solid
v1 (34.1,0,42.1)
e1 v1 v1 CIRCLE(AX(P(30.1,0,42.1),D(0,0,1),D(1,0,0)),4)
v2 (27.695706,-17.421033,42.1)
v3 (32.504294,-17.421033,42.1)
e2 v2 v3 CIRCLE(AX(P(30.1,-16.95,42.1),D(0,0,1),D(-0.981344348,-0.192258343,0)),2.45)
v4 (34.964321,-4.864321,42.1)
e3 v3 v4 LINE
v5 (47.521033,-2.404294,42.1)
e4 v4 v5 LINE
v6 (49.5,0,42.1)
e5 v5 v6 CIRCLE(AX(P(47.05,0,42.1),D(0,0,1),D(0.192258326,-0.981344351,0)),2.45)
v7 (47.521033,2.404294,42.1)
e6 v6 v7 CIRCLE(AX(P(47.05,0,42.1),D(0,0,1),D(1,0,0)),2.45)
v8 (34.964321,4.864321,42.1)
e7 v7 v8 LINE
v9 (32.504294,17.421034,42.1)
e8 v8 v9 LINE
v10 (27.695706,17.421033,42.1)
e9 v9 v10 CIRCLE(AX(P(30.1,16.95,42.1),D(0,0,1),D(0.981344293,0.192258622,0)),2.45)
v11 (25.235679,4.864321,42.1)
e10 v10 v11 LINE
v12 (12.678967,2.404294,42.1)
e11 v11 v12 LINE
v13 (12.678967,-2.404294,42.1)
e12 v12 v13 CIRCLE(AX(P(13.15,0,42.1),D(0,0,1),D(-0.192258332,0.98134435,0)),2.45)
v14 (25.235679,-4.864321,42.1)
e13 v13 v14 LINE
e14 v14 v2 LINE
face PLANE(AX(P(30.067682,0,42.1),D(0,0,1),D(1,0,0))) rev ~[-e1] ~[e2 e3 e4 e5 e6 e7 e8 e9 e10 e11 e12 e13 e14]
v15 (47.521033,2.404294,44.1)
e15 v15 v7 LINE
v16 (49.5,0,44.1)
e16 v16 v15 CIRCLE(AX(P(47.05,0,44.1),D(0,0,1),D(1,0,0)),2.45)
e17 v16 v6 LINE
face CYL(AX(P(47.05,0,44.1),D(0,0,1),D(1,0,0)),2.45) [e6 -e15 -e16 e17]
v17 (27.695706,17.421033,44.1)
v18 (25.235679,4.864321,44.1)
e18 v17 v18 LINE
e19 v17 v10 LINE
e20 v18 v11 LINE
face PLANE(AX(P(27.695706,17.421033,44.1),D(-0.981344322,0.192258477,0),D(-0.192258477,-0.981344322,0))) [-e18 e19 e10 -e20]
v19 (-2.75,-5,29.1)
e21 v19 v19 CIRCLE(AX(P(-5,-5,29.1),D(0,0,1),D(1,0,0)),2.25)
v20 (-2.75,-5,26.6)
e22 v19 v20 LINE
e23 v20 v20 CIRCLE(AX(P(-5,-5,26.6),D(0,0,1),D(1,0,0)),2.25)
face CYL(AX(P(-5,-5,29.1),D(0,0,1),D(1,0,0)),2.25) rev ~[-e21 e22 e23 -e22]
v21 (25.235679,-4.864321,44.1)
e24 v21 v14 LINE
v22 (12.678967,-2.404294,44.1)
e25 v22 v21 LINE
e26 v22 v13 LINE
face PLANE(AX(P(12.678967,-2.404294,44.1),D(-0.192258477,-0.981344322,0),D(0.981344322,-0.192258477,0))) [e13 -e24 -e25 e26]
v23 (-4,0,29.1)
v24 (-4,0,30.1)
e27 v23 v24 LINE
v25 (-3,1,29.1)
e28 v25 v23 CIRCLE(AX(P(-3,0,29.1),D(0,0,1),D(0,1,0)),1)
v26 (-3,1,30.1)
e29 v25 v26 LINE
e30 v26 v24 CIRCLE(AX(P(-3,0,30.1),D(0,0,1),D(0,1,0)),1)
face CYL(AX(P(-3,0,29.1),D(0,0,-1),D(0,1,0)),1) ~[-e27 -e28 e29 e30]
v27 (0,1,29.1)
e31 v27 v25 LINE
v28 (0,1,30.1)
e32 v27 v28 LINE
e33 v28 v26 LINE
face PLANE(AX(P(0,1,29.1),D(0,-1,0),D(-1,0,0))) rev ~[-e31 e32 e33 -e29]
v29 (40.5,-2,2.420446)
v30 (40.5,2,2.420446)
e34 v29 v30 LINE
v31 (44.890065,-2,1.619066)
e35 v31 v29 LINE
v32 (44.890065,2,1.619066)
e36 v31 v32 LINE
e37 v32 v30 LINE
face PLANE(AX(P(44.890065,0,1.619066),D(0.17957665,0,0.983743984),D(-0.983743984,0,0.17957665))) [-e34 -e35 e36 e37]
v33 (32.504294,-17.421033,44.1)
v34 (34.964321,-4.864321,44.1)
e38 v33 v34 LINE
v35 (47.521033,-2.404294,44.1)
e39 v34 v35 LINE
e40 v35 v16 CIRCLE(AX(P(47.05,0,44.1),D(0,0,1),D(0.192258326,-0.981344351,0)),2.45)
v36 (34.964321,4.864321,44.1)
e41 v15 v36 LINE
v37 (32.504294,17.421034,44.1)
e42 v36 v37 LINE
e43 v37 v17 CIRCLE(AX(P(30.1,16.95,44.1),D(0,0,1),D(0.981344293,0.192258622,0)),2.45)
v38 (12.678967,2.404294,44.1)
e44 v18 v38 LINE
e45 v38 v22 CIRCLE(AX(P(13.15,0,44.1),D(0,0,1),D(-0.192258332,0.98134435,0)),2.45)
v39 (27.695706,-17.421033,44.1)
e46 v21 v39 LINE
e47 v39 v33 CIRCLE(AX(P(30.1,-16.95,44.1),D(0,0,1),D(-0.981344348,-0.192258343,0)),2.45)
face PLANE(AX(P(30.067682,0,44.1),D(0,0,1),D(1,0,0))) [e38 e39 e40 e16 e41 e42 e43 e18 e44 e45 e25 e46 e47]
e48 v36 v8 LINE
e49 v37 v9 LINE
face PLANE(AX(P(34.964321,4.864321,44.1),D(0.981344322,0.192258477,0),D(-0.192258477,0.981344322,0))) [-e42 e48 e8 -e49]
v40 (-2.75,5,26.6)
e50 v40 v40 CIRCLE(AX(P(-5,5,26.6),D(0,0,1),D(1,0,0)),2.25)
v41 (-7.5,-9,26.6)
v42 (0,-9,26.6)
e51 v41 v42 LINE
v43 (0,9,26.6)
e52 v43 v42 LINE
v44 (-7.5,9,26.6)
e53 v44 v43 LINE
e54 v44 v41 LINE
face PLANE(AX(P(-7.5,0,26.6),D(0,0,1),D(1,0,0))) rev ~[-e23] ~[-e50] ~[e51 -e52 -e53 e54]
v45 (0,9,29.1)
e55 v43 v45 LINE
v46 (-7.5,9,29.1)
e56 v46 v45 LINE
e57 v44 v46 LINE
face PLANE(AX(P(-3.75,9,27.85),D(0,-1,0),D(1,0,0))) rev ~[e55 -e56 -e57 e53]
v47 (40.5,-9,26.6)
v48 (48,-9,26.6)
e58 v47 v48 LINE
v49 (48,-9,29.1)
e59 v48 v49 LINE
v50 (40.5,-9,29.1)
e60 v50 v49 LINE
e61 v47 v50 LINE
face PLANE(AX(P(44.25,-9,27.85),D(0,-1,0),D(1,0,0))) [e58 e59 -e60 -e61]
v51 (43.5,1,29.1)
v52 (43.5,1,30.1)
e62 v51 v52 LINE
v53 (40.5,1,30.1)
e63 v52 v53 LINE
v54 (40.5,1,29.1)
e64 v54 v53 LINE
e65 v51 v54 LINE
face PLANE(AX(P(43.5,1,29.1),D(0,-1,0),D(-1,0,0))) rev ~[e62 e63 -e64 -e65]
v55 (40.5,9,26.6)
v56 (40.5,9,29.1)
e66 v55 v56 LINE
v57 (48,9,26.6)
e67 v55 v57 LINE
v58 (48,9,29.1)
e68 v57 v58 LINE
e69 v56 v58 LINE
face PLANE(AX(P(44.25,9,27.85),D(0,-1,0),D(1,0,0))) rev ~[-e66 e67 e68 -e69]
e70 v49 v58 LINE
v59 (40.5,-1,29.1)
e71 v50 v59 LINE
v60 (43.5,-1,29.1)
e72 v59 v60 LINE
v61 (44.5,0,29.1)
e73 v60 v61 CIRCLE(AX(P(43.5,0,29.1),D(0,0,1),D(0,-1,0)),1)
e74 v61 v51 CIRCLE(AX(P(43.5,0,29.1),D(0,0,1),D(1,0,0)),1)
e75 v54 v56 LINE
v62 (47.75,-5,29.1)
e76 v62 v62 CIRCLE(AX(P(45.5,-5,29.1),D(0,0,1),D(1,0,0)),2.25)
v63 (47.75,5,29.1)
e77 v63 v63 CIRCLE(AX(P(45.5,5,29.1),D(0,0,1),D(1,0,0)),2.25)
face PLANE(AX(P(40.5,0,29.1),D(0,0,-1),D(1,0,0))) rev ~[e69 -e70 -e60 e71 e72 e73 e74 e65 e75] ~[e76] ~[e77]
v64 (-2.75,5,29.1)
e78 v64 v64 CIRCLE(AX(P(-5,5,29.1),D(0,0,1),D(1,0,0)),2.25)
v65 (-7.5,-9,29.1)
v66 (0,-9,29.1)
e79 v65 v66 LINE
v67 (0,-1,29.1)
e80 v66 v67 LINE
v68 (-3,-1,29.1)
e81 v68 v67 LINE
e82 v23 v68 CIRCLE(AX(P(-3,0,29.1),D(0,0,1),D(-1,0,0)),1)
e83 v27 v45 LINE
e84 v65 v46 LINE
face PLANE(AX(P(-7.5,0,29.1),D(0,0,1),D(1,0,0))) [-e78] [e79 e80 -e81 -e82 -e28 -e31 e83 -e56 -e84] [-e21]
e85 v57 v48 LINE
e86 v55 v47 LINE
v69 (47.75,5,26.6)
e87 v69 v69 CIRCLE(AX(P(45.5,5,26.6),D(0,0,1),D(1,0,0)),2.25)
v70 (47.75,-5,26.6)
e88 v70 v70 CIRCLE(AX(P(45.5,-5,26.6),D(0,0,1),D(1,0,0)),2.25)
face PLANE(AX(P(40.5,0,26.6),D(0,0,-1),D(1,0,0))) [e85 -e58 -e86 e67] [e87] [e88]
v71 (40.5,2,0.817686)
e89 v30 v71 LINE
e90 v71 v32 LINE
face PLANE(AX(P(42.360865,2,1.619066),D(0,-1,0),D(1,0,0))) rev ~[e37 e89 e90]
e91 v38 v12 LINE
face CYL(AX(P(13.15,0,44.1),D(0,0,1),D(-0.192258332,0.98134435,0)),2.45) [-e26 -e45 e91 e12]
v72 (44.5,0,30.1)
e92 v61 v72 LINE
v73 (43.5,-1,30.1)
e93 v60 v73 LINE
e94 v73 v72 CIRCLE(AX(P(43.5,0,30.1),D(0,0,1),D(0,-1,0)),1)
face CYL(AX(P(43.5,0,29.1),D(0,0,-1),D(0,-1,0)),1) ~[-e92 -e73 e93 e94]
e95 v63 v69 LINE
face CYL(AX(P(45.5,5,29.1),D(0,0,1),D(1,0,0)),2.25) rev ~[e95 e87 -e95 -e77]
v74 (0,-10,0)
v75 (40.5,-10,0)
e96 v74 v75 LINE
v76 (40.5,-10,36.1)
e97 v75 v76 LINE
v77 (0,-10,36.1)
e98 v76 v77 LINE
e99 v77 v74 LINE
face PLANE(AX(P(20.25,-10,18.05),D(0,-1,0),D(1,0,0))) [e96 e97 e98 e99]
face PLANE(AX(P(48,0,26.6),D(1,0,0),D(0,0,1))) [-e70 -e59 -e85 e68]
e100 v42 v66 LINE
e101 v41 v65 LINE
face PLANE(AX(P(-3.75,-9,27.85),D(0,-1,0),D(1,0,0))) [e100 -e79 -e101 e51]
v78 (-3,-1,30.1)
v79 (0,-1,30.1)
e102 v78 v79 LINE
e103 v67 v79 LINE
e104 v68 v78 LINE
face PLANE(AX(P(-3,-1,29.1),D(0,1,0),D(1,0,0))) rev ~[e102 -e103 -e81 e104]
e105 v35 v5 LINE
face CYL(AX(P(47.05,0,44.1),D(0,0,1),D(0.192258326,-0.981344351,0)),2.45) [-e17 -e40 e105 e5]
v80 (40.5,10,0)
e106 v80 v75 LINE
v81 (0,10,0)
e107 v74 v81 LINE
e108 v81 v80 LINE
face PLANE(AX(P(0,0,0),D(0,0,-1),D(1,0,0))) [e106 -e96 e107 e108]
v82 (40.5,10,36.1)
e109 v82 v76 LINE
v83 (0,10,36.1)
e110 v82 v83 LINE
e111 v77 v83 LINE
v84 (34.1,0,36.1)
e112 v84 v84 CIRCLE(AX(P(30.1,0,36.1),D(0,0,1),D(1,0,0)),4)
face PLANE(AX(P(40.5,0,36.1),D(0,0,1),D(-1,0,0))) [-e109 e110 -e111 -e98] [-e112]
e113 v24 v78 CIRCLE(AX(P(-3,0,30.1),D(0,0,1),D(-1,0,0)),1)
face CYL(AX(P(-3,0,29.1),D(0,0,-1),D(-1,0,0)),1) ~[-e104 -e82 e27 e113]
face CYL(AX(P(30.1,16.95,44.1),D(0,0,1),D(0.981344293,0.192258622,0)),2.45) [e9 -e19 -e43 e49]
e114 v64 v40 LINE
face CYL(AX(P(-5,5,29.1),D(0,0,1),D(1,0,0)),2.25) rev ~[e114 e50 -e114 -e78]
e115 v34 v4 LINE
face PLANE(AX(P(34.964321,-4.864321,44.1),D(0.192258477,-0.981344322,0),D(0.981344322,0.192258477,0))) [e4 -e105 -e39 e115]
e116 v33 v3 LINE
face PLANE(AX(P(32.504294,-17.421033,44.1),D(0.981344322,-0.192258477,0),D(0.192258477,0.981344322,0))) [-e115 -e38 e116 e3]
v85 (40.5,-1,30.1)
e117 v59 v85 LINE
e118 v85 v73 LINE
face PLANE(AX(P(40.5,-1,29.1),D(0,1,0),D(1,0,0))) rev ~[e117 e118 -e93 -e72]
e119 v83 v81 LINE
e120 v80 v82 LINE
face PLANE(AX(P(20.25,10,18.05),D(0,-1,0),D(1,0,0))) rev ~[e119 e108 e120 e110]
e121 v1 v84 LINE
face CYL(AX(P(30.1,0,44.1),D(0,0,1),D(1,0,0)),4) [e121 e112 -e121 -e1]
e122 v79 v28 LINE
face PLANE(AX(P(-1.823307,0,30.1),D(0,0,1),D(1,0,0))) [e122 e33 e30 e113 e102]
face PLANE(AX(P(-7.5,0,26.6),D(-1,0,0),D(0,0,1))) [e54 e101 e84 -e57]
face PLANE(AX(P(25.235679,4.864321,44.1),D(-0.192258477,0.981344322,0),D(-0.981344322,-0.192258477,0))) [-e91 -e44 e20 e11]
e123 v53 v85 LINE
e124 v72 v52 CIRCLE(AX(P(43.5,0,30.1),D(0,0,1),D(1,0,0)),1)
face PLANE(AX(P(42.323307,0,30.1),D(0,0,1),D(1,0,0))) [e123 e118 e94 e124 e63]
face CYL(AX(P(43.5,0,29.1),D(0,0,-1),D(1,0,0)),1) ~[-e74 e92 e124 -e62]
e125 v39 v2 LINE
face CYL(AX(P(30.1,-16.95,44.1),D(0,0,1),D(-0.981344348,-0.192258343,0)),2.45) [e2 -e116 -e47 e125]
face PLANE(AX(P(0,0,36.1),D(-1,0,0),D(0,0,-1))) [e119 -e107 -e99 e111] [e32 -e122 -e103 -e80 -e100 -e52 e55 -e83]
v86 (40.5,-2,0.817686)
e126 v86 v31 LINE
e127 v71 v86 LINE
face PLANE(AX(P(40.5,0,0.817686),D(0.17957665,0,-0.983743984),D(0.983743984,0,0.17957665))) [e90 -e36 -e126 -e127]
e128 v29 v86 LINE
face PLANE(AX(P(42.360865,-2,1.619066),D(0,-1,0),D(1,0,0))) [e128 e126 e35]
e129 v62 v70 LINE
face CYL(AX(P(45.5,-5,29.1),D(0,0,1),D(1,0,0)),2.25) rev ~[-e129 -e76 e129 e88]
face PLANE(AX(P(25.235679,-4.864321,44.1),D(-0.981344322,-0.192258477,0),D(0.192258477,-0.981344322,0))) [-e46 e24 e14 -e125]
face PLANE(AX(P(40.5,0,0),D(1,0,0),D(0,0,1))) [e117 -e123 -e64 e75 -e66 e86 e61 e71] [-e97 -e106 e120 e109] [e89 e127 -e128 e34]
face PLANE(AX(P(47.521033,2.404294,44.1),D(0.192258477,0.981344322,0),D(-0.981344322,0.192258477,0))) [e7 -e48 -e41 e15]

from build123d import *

# Parameters (mm, degrees)
F1_DEPTH  = 10
F0_W      = 7.5
F0_H      = 2.5
F2_DEPTH  = 9
F3_DEPTH  = 2
F5_R      = 4
F6_DEPTH  = 8
F7_DEPTH  = 2
F9_D      = 4.5
F9_DEPTH  = 29.101
F10_DEPTH = 1


with BuildPart() as f1:
    # F0 (on Front) → F1 (new body, symmetric)
    with BuildSketch(Plane.XZ):
        Polygon((0, 26.6), (0, 0), (40.5, 0), (40.5, 0.8176856209), (40.5, 2.4204463698), (40.5, 26.6), (40.5, 29.1), (40.5, 36.1), (0, 36.1), (0, 29.1), align=None)
    extrude(amount=F1_DEPTH, both=True)

    # F0 (on Front) → F2 (join, symmetric)
    with BuildSketch(Plane.XZ):
        with Locations((-3.75, 27.85)):
            Rectangle(F0_W, F0_H)
        with Locations((44.25, 27.85)):
            Rectangle(F0_W, F0_H)
    extrude(amount=F2_DEPTH, both=True)

    # F0 (on Front) → F3 (join, symmetric)
    with BuildSketch(Plane.XZ):
        Polygon((40.5, 2.4204463698), (40.5, 0.8176856209), (44.8900647461, 1.6190659953), align=None)
    extrude(amount=F3_DEPTH, both=True)

    # F5 (on plane+point) → F6 (join, through all)
    with BuildSketch(Plane.XY.offset(44.1)):
        with Locations((30.1, 0)):
            Circle(F5_R)
    extrude(amount=-F6_DEPTH)

    # F5 (on plane+point) → F7 (join)
    with BuildSketch(Plane.XY.offset(44.1)):
        with BuildLine():
            ThreePointArc((32.55, 16.95), (29.8633773569, 14.5114533581), (27.6957063471, 17.4210329401))
            Line((27.6957063471, 17.4210329401), (25.2356786223, 4.8643213777))
            Line((25.2356786223, 4.8643213777), (12.6789670858, 2.404293658))
            ThreePointArc((12.6789670858, 2.404293658), (14.7069954014, 1.8916303338), (15.6, 0))
            ThreePointArc((15.6, 0), (14.7069954014, -1.8916303338), (12.6789670858, -2.404293658))
            Line((12.6789670858, -2.404293658), (25.2356786223, -4.8643213777))
            Line((25.2356786223, -4.8643213777), (27.6957063471, -17.4210329401))
            ThreePointArc((27.6957063471, -17.4210329401), (29.8633773569, -14.5114533581), (32.55, -16.95))
            ThreePointArc((32.55, -16.95), (32.5385466419, -17.1866226431), (32.5042936529, -17.4210329401))
            Line((32.5042936529, -17.4210329401), (34.9643213777, -4.8643213777))
            Line((34.9643213777, -4.8643213777), (47.5210328982, -2.4042936611))
            ThreePointArc((47.5210328982, -2.4042936611), (44.6, 8.2e-09), (47.5210329142, 2.404293658))
            Line((47.5210329142, 2.404293658), (34.9643213777, 4.8643213777))
            Line((34.9643213777, 4.8643213777), (32.5042935187, 17.4210336249))
            ThreePointArc((32.5042935187, 17.4210336249), (32.5385466082, 17.1866229903), (32.55, 16.95))
        make_face()
        with Locations((30.1, 0)):
            Circle(F5_R, mode=Mode.SUBTRACT)
        with BuildLine():
            ThreePointArc((32.5042935187, 17.4210336249), (30.0999996511, 19.4), (27.6957063471, 17.4210329401))
            ThreePointArc((27.6957063471, 17.4210329401), (29.8633773569, 14.5114533581), (32.55, 16.95))
            ThreePointArc((32.55, 16.95), (32.5385466082, 17.1866229903), (32.5042935187, 17.4210336249))
        make_face()
        with BuildLine():
            ThreePointArc((49.5, 0), (48.9416303338, 1.5569954014), (47.5210329142, 2.404293658))
            ThreePointArc((47.5210329142, 2.404293658), (44.6, 8.2e-09), (47.5210328982, -2.4042936611))
            ThreePointArc((47.5210328982, -2.4042936611), (48.9416303286, -1.5569954077), (49.5, 0))
        make_face()
        with BuildLine():
            ThreePointArc((32.55, -16.95), (29.8633773569, -14.5114533581), (27.6957063471, -17.4210329401))
            ThreePointArc((27.6957063471, -17.4210329401), (30.1, -19.4), (32.5042936529, -17.4210329401))
            ThreePointArc((32.5042936529, -17.4210329401), (32.5385466419, -17.1866226431), (32.55, -16.95))
        make_face()
        with BuildLine():
            ThreePointArc((15.6, 0), (14.7069954014, 1.8916303338), (12.6789670858, 2.404293658))
            ThreePointArc((12.6789670858, 2.404293658), (10.7, 0), (12.6789670858, -2.404293658))
            ThreePointArc((12.6789670858, -2.404293658), (14.7069954014, -1.8916303338), (15.6, 0))
        make_face()
        with Locations((30.1, 0)):
            Circle(F5_R)
    extrude(amount=-F7_DEPTH)

    # F9 (through all, one way)
    with BuildSketch(Plane.XY.offset(29.1)):
        with Locations((-5, 5), (-5, -5), (45.5, 5), (45.5, -5)):
            Circle(F9_D / 2)
    extrude(amount=-F9_DEPTH, mode=Mode.SUBTRACT)

    # F8 (on face) → F10 (join)
    with BuildSketch(Plane.XY.offset(29.1)):
        with BuildLine():
            Line((0, -1), (0, 1))
            Line((0, 1), (-3, 1))
            ThreePointArc((-3, 1), (-3.7071067812, 0.7071067812), (-4, 0))
            ThreePointArc((-4, 0), (-3.7071067812, -0.7071067812), (-3, -1))
            Line((-3, -1), (0, -1))
        make_face()
        with BuildLine():
            Line((43.5, 1), (40.5, 1))
            Line((40.5, 1), (40.5, -1))
            Line((40.5, -1), (43.5, -1))
            ThreePointArc((43.5, -1), (44.2071067812, -0.7071067812), (44.5, 0))
            ThreePointArc((44.5, 0), (44.2071067812, 0.7071067812), (43.5, 1))
        make_face()
    extrude(amount=F10_DEPTH)


solid = f1.part
